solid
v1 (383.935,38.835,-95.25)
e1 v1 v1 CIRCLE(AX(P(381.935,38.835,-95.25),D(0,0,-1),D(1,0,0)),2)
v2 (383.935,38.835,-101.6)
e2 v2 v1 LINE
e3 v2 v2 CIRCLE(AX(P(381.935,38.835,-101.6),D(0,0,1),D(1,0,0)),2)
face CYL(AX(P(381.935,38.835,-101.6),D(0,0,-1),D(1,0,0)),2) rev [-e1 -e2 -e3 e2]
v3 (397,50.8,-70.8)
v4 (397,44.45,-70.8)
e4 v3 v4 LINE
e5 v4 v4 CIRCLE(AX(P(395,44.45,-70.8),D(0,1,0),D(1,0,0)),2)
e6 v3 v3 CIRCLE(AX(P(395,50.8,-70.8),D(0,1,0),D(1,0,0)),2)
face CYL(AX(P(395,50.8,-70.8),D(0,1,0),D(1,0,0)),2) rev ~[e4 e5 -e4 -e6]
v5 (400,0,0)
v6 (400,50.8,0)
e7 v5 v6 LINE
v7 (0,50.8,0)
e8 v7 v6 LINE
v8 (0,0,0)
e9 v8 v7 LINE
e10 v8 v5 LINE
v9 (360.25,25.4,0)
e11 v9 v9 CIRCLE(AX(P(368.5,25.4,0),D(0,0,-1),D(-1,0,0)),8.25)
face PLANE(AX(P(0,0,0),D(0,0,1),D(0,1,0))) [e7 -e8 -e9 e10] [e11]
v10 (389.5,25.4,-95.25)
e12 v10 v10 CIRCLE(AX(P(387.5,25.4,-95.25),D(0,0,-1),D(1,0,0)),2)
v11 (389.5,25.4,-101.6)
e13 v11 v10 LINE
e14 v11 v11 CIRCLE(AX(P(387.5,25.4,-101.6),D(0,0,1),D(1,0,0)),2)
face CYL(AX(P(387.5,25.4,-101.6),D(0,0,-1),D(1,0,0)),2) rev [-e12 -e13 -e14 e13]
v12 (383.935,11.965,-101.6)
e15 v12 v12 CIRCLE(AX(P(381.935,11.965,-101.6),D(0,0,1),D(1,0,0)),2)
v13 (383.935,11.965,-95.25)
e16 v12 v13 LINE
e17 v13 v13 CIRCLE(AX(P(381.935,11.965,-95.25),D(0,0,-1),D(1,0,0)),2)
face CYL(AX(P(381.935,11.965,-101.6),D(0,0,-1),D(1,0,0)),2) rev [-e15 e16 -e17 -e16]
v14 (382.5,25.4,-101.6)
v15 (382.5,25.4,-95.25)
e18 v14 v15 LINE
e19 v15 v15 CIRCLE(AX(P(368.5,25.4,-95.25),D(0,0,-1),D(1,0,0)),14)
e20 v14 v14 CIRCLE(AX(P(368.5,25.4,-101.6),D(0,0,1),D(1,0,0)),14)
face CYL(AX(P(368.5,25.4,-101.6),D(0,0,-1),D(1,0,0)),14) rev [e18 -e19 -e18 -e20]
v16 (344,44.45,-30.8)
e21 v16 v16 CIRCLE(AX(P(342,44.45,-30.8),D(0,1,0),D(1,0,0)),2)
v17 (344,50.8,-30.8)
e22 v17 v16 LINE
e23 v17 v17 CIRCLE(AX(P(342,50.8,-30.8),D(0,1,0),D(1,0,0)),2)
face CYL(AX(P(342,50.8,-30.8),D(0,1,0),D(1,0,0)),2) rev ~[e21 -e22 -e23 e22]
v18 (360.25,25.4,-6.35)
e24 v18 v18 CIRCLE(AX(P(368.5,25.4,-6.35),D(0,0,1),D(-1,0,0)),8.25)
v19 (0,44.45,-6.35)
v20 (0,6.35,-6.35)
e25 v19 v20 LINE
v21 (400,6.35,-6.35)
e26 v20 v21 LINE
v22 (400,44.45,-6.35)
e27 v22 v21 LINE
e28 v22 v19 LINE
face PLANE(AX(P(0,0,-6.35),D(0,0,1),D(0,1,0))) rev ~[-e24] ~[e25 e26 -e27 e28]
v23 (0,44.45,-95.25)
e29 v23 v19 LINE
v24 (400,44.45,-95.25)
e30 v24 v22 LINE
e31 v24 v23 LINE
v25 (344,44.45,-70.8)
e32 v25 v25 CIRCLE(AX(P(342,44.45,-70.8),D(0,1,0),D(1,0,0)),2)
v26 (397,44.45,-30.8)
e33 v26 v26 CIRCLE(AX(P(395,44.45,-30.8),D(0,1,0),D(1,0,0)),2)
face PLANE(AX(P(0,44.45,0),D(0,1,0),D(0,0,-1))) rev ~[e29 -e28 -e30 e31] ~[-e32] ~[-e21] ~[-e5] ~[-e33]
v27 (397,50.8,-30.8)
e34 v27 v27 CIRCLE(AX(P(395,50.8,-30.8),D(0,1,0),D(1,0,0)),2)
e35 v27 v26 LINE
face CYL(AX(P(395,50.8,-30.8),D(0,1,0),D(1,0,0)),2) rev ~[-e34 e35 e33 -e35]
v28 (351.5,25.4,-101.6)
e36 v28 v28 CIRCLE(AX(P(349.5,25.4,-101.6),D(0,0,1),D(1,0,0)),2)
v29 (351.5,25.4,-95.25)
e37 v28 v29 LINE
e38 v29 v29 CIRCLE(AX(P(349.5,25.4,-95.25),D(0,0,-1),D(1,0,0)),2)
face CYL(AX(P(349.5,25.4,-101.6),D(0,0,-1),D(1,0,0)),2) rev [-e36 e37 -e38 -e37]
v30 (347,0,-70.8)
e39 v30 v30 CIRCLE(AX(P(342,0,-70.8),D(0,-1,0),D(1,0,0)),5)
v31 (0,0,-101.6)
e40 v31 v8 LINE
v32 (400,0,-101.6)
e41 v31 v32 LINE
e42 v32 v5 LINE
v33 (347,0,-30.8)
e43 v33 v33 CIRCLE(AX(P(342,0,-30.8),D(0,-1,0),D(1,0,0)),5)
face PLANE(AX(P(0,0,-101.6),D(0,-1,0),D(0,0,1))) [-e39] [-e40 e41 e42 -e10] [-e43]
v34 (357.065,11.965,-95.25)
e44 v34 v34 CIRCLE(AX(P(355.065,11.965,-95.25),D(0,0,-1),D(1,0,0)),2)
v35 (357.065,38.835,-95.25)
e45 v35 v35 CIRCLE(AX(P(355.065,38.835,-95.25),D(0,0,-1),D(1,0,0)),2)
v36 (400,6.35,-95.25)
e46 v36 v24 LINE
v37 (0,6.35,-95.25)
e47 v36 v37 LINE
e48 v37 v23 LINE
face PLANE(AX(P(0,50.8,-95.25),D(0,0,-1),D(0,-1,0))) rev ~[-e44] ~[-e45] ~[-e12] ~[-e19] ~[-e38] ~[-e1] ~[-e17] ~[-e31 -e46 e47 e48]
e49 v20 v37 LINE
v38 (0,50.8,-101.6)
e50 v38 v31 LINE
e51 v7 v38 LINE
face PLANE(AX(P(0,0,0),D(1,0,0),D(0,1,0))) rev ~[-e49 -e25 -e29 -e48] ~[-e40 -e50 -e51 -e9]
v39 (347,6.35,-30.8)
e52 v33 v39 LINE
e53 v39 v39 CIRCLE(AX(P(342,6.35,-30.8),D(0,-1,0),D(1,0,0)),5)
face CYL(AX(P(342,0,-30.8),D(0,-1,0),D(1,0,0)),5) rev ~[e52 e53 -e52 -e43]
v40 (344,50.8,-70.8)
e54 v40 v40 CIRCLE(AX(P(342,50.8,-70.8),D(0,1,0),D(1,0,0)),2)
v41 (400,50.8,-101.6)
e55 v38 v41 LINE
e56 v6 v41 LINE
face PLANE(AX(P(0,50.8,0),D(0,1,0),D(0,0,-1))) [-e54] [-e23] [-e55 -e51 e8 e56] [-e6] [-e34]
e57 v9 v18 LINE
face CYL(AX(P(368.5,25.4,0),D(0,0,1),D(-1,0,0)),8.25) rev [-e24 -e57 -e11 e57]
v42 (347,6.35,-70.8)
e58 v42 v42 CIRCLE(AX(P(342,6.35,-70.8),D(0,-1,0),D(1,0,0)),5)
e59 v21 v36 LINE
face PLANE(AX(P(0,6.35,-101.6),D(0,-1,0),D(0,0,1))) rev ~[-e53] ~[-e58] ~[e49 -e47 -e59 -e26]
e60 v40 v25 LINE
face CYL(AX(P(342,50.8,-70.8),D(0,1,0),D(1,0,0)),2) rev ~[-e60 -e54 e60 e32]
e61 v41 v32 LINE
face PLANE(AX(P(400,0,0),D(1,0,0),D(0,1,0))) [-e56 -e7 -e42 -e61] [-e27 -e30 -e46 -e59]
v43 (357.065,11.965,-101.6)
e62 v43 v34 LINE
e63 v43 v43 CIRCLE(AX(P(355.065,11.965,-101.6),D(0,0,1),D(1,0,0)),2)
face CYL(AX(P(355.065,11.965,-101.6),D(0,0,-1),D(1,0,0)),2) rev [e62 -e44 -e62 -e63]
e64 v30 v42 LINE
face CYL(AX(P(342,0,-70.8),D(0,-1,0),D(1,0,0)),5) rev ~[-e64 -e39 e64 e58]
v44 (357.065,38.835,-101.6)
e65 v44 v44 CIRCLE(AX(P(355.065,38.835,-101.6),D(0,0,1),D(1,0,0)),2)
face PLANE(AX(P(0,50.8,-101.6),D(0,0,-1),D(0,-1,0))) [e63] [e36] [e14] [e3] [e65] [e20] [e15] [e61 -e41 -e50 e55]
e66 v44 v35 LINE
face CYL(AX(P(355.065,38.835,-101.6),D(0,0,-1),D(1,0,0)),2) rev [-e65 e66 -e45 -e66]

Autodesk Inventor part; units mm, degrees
ref_plane "YZ Plane" through (0, 0, 0) normal (1, 0, 0) x (0, 1, 0)
ref_plane "XZ Plane" through (0, 0, 0) normal (0, 1, 0) x (-1, 0, 0)
ref_plane "XY Plane" through (0, 0, 0) normal (0, 0, 1) x (1, 0, 0)
sketch "Sketch1" plane through (0, 0, 0) normal (1, 0, 0) x (0, 1, 0)
  line L0 (0, 0) -> (50.8, 0)
  line L1 (50.8, 0) -> (50.8, -101.6)
  line L2 (50.8, -101.6) -> (0, -101.6)
  line L3 (0, -101.6) -> (0, 0)
  dimension "d0" = 101.6
  dimension "d1" = 50.8
extrude "Extrusion1" add sketch "Sketch1" along normal blind 400
shell "Shell1" thickness 6.35 removed faces 2 at (0, 16.9333, -33.8667) at (400, 16.9333, -33.8667)
sketch "Sketch2" plane through (0, 50.8, 0) normal (0, 1, 0) x (1, 0, 0)
  circle A0 centre (395, 70.8) radius 2
  circle A1 centre (395, 30.8) radius 2
  circle A2 centre (342, 70.8) radius 2
  circle A3 centre (342, 30.8) radius 2
  line L0 (395, 70.8) -> (342, 70.8) construction
  line L1 (342, 70.8) -> (342, 30.8) construction
  line L2 (342, 30.8) -> (395, 30.8) construction
  line L3 (395, 30.8) -> (395, 70.8) construction
  line L4 (400, 101.6) -> (400, 0) projected
  line L5 (337, 101.6) -> (337, 0)
  line L6 (337, 0) -> (400, 0)
  line L7 (400, 101.6) -> (337, 101.6)
  point P0 (368.5, 0)
  point P1 (368.5, 30.8)
  point P2 (395, 50.8)
  point P3 (400, 50.8)
  dimension "d5" = 4
  dimension "d6" = 63
  dimension "d7" = 40
  dimension "d8" = 53
extrude "Extrusion2" cut sketch "Sketch2" against normal up to surface (6.35 mm away) contours A0 | A1 | A2 | A3
sketch "Sketch3" plane through (0, 0, -101.6) normal (0, 0, 1) x (1, 0, 0)
  line L0 (397, 44.45) -> (393, 44.45) construction
  line L1 (344, 44.45) -> (340, 44.45) construction
  circle A0 centre (368.5, 25.4) radius 19 construction
  line L2 (400, 50.8) -> (400, 0) construction
  line L3 (393, 44.45) -> (368.5, 25.4) construction
  line L4 (368.5, 25.4) -> (344, 44.45) construction
  circle A1 centre (355.065, 11.965) radius 2
  circle A2 centre (381.935, 11.965) radius 2
  circle A3 centre (381.935, 38.835) radius 2
  circle A4 centre (387.5, 25.4) radius 2
  circle A5 centre (355.065, 38.835) radius 2
  circle A6 centre (349.5, 25.4) radius 2
  line L5 (349.5, 25.4) -> (368.5, 25.4) construction
  line L6 (355.065, 11.965) -> (368.5, 25.4) construction
  circle A7 centre (368.5, 25.4) radius 14
  point P0 (0, 0)
  point P1 (400, 25.4)
  point P2 (400, 25.4)
  dimension "d11" = 38
  dimension "d12" = 4
  dimension "d13" = 45
  dimension "d14" = 28
extrude "Extrusion3" cut sketch "Sketch3" along normal up to surface (95.25 mm away)
sketch "Sketch4" plane through (0, 0, 0) normal (0, 0, -1) x (-1, 0, 0)
  circle A0 centre (-368.5, 25.4) radius 8.25
  circle A1 centre (-368.5, 25.4) radius 14 projected
  point P0 (0, 0)
  dimension "d17" = 16.5
extrude "Extrusion4" cut sketch "Sketch4" along normal up to surface (95.25 mm away) contours A0
sketch "Sketch5" plane through (0, 0, -101.6) normal (0, -1, 0) x (1, 0, 0)
  circle A0 centre (342, 30.8) radius 2 projected
  circle A1 centre (342, 70.8) radius 2 projected
  circle A2 centre (342, 30.8) radius 5
  circle A3 centre (342, 70.8) radius 5
  point P0 (0, 101.6)
  dimension "d20" = 10
extrude "Extrusion5" cut sketch "Sketch5" against normal up to surface (6.35 mm away) contours A0 | A1 | A2 | A3
properties part number "VERTICALTUBE"
